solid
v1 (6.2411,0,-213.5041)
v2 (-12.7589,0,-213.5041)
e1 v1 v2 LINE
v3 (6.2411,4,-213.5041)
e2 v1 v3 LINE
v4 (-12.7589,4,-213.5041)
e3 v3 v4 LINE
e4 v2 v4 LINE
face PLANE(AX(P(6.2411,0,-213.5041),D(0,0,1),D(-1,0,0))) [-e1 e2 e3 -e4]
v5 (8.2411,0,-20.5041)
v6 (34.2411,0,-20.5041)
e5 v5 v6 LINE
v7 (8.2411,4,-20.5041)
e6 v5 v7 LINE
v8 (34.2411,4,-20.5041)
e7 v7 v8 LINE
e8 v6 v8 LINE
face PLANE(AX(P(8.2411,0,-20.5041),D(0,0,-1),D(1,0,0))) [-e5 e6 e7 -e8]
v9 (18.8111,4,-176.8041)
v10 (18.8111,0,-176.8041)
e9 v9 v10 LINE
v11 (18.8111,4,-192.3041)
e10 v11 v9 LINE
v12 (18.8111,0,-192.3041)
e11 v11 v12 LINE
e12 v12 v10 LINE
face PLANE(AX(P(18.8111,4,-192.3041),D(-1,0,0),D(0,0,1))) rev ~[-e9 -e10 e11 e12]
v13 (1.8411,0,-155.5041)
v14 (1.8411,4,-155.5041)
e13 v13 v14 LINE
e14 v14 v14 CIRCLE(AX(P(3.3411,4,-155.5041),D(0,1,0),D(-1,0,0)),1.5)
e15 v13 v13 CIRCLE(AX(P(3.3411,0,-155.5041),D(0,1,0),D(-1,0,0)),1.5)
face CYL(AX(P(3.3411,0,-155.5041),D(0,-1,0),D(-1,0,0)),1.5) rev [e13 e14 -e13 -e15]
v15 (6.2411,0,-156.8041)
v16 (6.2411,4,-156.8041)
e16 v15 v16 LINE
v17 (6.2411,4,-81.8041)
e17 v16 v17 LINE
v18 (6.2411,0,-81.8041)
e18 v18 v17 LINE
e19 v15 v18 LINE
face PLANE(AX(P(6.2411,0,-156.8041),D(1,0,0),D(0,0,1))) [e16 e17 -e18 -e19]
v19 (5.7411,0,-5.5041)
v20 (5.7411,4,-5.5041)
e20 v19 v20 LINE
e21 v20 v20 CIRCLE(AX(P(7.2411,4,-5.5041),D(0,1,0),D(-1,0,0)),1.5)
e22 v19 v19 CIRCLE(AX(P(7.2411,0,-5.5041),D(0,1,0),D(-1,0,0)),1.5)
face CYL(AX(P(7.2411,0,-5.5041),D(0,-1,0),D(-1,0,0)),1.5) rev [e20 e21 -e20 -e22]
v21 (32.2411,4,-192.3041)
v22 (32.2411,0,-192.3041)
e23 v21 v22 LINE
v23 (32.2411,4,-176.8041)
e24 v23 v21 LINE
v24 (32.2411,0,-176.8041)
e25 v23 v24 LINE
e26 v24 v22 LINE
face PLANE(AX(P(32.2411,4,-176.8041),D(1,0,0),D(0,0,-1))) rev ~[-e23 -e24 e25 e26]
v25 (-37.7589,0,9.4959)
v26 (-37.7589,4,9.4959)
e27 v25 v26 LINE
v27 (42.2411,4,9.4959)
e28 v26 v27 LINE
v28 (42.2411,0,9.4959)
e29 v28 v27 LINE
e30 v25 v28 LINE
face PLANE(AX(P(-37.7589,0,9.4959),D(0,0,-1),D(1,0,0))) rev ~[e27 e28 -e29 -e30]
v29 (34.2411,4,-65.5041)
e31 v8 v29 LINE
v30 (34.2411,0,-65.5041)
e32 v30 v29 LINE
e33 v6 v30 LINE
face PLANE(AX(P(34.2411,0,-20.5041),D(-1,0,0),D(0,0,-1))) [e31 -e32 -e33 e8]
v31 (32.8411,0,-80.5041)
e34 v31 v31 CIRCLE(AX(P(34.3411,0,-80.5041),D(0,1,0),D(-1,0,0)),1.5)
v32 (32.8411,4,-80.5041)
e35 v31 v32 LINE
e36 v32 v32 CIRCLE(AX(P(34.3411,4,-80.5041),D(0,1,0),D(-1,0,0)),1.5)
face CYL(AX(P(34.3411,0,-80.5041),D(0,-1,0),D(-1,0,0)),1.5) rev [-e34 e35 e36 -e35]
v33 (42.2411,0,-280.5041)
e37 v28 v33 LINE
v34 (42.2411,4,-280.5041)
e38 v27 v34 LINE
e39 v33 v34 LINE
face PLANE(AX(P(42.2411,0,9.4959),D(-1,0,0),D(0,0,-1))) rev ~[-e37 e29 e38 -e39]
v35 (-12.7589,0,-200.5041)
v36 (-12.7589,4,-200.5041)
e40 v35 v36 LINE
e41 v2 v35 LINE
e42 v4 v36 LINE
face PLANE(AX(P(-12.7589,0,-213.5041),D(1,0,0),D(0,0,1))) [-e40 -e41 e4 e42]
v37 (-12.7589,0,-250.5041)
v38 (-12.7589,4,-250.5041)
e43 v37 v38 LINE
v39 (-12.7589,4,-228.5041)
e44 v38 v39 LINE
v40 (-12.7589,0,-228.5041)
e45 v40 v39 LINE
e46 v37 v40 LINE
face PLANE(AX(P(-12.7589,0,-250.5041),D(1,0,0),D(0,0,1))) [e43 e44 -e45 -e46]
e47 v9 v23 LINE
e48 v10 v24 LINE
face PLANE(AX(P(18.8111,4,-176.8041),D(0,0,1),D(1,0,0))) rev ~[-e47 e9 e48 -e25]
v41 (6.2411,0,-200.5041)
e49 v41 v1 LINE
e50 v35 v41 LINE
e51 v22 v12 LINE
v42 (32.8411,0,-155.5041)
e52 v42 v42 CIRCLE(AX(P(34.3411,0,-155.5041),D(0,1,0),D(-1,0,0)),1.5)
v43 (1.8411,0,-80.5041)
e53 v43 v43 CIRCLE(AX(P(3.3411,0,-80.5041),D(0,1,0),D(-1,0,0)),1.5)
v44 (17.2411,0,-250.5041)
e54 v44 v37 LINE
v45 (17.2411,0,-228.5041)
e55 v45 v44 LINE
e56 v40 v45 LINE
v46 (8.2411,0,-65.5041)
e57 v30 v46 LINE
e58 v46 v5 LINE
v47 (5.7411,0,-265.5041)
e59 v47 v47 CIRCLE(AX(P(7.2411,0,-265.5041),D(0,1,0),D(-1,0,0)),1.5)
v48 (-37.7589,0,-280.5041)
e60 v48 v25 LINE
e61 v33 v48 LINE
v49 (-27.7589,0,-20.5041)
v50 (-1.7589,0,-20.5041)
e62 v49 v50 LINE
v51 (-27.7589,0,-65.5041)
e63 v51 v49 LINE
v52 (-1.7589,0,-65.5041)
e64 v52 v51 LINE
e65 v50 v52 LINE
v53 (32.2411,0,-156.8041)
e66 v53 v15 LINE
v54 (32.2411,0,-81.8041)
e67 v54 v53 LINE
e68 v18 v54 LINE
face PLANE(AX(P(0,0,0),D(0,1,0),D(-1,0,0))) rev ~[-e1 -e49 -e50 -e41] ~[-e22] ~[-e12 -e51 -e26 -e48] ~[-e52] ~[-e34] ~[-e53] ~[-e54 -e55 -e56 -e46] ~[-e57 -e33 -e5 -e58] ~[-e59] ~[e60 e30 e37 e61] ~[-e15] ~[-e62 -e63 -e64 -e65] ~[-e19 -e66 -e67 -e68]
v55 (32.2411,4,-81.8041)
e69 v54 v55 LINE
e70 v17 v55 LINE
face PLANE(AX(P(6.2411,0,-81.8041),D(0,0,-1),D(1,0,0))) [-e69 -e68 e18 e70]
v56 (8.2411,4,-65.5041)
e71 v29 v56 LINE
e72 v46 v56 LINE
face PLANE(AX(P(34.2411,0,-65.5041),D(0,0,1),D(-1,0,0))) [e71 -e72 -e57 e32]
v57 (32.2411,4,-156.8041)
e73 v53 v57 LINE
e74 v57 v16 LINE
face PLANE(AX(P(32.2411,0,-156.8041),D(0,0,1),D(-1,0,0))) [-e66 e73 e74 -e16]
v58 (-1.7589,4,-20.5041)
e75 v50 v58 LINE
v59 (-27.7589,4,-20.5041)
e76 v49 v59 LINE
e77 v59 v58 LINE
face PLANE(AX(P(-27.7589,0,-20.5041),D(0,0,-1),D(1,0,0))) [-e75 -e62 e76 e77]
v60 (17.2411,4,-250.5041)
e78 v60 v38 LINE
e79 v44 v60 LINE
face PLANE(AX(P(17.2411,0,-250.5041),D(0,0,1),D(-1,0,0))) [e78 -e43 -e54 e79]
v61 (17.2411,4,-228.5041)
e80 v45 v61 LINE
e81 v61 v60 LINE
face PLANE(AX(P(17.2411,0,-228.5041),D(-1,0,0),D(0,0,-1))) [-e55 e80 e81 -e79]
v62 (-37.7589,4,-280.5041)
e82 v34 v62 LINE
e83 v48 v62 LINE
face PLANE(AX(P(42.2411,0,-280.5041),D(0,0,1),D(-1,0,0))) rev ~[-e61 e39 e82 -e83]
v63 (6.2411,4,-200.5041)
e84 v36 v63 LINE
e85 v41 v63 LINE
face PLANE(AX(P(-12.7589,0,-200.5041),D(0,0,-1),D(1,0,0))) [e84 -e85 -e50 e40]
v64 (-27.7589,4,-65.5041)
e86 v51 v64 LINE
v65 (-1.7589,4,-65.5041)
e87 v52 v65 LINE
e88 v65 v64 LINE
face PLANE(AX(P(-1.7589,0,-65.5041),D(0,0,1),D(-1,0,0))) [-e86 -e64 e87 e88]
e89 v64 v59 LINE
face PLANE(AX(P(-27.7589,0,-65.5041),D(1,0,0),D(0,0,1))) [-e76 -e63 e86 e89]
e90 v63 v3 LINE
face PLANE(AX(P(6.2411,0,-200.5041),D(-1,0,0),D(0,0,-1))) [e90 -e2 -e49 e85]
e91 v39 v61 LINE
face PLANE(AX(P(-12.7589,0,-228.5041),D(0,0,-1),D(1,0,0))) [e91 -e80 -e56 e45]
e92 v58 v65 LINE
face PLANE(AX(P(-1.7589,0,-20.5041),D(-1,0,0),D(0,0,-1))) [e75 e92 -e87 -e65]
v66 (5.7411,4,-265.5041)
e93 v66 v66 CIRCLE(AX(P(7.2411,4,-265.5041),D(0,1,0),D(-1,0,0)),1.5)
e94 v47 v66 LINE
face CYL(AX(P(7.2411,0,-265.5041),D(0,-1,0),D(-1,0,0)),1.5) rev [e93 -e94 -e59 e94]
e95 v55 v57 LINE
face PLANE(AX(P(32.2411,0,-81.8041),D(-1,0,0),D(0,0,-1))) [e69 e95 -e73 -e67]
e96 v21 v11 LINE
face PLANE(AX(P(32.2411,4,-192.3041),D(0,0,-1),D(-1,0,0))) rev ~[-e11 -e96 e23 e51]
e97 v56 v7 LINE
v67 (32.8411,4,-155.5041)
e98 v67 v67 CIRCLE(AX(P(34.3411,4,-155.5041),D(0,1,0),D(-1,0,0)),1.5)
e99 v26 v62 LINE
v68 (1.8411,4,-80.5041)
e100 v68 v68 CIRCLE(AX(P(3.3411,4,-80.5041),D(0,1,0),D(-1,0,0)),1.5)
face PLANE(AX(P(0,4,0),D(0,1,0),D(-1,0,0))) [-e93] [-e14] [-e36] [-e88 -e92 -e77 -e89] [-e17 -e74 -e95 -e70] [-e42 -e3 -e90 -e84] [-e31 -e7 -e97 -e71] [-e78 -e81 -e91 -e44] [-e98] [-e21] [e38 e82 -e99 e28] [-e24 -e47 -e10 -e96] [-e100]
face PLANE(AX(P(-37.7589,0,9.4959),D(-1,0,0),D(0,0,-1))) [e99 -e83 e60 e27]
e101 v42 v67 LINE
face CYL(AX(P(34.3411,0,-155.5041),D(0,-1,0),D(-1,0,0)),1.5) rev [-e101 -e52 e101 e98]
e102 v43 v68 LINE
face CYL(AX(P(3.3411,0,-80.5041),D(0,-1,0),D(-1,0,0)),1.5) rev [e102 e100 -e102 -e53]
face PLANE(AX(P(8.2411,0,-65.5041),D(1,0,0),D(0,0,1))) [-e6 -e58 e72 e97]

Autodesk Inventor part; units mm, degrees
ref_plane "YZ Plane" through (0, 0, 0) normal (1, 0, 0) x (0, 1, 0)
ref_plane "XZ Plane" through (0, 0, 0) normal (0, 1, 0) x (-1, 0, 0)
ref_plane "XY Plane" through (0, 0, 0) normal (0, 0, 1) x (1, 0, 0)
sketch "Sketch1" plane through (0, 0, 0) normal (0, 1, 0) x (-1, 0, 0)
  line L0 (37.7589, 9.4959) -> (-42.2411, 9.4959)
  line L1 (-42.2411, 9.4959) -> (-42.2411, -280.5041)
  line L2 (-42.2411, -280.5041) -> (37.7589, -280.5041)
  line L3 (27.7589, -20.5041) -> (1.7589, -20.5041)
  line L4 (1.7589, -20.5041) -> (1.7589, -65.5041)
  line L5 (1.7589, -65.5041) -> (27.7589, -65.5041)
  line L6 (27.7589, -65.5041) -> (27.7589, -20.5041)
  line L7 (-8.2411, -20.5041) -> (-34.2411, -20.5041)
  line L8 (-34.2411, -20.5041) -> (-34.2411, -65.5041)
  line L9 (-34.2411, -65.5041) -> (-8.2411, -65.5041)
  line L10 (-8.2411, -65.5041) -> (-8.2411, -20.5041)
  line L11 (-6.2411, -81.8041) -> (-32.2411, -81.8041)
  line L12 (-32.2411, -81.8041) -> (-32.2411, -156.8041)
  line L13 (-32.2411, -156.8041) -> (-6.2411, -156.8041)
  line L14 (-6.2411, -156.8041) -> (-6.2411, -81.8041)
  circle A0 centre (-3.3411, -80.5041) radius 1.5
  circle A1 centre (-34.3411, -80.5041) radius 1.5
  circle A2 centre (-3.3411, -155.5041) radius 1.5
  circle A3 centre (-34.3411, -155.5041) radius 1.5
  line L15 (37.7589, 9.4959) -> (37.7589, -280.5041)
  line L16 (37.7589, -170.5041) -> (37.7589, -280.5041)
  line L17 (12.7589, -228.5041) -> (-17.2411, -228.5041)
  line L18 (-17.2411, -228.5041) -> (-17.2411, -250.5041)
  line L19 (-17.2411, -250.5041) -> (12.7589, -250.5041)
  line L20 (12.7589, -250.5041) -> (12.7589, -228.5041)
  line L21 (12.7589, -200.5041) -> (-6.2411, -200.5041)
  line L22 (-6.2411, -200.5041) -> (-6.2411, -213.5041)
  line L23 (-6.2411, -213.5041) -> (12.7589, -213.5041)
  line L24 (12.7589, -213.5041) -> (12.7589, -200.5041)
  circle A4 centre (-7.2411, -265.5041) radius 1.5
  circle A5 centre (-7.2411, -5.5041) radius 1.5
  point P0 (0, 0)
  dimension "d0" = 290
  dimension "d1" = 80
  dimension "d4" = 45
  dimension "d5" = 26
  dimension "d6" = 30
  dimension "d8" = 45
  dimension "d9" = 26
  dimension "d10" = 30
  dimension "d11" = 10
  dimension "d12" = 75
  dimension "d13" = 26
  dimension "d16" = 1.3
  dimension "d17" = 2.9
  dimension "d18" = 3
  dimension "d20" = 31
  dimension "d22" = 3
  dimension "d23" = 75
  dimension "d24" = 3
  dimension "d25" = 75
  dimension "d26" = 3
  dimension "d27" = 15
  dimension "d28" = 10
  dimension "d32" = 22
  dimension "d33" = 30
  dimension "d34" = 25
  dimension "d35" = 30
  dimension "d36" = 13
  dimension "d37" = 19
  dimension "d38" = 25
  dimension "d39" = 15
  dimension "d40" = 45
  dimension "d41" = 15
  dimension "d42" = 3
  dimension "d43" = 45
  dimension "d44" = 15
  dimension "d45" = 3
extrude "Extrusion1" add sketch "Sketch1" along normal blind 4
sketch "Esquisse2" plane through (0, 4, 0) normal (0, 1, 0) x (1, 0, 0)
  line L0 (18.8111, 176.8041) -> (32.2411, 176.8041)
  line L1 (32.2411, 176.8041) -> (32.2411, 192.3041)
  line L2 (32.2411, 192.3041) -> (18.8111, 192.3041)
  line L3 (18.8111, 192.3041) -> (18.8111, 176.8041)
  line L4 (42.2411, -9.4959) -> (42.2411, 280.5041) projected
  line L5 (6.2411, 156.8041) -> (32.2411, 156.8041) projected
  point P0 (0, 0)
  dimension "d46" = 15.5
  dimension "d47" = 13.43
  dimension "d48" = 10
  dimension "d49" = 20
extrude "Extrusion2" cut sketch "Esquisse2" against normal through all
properties part number "support_arriere"
